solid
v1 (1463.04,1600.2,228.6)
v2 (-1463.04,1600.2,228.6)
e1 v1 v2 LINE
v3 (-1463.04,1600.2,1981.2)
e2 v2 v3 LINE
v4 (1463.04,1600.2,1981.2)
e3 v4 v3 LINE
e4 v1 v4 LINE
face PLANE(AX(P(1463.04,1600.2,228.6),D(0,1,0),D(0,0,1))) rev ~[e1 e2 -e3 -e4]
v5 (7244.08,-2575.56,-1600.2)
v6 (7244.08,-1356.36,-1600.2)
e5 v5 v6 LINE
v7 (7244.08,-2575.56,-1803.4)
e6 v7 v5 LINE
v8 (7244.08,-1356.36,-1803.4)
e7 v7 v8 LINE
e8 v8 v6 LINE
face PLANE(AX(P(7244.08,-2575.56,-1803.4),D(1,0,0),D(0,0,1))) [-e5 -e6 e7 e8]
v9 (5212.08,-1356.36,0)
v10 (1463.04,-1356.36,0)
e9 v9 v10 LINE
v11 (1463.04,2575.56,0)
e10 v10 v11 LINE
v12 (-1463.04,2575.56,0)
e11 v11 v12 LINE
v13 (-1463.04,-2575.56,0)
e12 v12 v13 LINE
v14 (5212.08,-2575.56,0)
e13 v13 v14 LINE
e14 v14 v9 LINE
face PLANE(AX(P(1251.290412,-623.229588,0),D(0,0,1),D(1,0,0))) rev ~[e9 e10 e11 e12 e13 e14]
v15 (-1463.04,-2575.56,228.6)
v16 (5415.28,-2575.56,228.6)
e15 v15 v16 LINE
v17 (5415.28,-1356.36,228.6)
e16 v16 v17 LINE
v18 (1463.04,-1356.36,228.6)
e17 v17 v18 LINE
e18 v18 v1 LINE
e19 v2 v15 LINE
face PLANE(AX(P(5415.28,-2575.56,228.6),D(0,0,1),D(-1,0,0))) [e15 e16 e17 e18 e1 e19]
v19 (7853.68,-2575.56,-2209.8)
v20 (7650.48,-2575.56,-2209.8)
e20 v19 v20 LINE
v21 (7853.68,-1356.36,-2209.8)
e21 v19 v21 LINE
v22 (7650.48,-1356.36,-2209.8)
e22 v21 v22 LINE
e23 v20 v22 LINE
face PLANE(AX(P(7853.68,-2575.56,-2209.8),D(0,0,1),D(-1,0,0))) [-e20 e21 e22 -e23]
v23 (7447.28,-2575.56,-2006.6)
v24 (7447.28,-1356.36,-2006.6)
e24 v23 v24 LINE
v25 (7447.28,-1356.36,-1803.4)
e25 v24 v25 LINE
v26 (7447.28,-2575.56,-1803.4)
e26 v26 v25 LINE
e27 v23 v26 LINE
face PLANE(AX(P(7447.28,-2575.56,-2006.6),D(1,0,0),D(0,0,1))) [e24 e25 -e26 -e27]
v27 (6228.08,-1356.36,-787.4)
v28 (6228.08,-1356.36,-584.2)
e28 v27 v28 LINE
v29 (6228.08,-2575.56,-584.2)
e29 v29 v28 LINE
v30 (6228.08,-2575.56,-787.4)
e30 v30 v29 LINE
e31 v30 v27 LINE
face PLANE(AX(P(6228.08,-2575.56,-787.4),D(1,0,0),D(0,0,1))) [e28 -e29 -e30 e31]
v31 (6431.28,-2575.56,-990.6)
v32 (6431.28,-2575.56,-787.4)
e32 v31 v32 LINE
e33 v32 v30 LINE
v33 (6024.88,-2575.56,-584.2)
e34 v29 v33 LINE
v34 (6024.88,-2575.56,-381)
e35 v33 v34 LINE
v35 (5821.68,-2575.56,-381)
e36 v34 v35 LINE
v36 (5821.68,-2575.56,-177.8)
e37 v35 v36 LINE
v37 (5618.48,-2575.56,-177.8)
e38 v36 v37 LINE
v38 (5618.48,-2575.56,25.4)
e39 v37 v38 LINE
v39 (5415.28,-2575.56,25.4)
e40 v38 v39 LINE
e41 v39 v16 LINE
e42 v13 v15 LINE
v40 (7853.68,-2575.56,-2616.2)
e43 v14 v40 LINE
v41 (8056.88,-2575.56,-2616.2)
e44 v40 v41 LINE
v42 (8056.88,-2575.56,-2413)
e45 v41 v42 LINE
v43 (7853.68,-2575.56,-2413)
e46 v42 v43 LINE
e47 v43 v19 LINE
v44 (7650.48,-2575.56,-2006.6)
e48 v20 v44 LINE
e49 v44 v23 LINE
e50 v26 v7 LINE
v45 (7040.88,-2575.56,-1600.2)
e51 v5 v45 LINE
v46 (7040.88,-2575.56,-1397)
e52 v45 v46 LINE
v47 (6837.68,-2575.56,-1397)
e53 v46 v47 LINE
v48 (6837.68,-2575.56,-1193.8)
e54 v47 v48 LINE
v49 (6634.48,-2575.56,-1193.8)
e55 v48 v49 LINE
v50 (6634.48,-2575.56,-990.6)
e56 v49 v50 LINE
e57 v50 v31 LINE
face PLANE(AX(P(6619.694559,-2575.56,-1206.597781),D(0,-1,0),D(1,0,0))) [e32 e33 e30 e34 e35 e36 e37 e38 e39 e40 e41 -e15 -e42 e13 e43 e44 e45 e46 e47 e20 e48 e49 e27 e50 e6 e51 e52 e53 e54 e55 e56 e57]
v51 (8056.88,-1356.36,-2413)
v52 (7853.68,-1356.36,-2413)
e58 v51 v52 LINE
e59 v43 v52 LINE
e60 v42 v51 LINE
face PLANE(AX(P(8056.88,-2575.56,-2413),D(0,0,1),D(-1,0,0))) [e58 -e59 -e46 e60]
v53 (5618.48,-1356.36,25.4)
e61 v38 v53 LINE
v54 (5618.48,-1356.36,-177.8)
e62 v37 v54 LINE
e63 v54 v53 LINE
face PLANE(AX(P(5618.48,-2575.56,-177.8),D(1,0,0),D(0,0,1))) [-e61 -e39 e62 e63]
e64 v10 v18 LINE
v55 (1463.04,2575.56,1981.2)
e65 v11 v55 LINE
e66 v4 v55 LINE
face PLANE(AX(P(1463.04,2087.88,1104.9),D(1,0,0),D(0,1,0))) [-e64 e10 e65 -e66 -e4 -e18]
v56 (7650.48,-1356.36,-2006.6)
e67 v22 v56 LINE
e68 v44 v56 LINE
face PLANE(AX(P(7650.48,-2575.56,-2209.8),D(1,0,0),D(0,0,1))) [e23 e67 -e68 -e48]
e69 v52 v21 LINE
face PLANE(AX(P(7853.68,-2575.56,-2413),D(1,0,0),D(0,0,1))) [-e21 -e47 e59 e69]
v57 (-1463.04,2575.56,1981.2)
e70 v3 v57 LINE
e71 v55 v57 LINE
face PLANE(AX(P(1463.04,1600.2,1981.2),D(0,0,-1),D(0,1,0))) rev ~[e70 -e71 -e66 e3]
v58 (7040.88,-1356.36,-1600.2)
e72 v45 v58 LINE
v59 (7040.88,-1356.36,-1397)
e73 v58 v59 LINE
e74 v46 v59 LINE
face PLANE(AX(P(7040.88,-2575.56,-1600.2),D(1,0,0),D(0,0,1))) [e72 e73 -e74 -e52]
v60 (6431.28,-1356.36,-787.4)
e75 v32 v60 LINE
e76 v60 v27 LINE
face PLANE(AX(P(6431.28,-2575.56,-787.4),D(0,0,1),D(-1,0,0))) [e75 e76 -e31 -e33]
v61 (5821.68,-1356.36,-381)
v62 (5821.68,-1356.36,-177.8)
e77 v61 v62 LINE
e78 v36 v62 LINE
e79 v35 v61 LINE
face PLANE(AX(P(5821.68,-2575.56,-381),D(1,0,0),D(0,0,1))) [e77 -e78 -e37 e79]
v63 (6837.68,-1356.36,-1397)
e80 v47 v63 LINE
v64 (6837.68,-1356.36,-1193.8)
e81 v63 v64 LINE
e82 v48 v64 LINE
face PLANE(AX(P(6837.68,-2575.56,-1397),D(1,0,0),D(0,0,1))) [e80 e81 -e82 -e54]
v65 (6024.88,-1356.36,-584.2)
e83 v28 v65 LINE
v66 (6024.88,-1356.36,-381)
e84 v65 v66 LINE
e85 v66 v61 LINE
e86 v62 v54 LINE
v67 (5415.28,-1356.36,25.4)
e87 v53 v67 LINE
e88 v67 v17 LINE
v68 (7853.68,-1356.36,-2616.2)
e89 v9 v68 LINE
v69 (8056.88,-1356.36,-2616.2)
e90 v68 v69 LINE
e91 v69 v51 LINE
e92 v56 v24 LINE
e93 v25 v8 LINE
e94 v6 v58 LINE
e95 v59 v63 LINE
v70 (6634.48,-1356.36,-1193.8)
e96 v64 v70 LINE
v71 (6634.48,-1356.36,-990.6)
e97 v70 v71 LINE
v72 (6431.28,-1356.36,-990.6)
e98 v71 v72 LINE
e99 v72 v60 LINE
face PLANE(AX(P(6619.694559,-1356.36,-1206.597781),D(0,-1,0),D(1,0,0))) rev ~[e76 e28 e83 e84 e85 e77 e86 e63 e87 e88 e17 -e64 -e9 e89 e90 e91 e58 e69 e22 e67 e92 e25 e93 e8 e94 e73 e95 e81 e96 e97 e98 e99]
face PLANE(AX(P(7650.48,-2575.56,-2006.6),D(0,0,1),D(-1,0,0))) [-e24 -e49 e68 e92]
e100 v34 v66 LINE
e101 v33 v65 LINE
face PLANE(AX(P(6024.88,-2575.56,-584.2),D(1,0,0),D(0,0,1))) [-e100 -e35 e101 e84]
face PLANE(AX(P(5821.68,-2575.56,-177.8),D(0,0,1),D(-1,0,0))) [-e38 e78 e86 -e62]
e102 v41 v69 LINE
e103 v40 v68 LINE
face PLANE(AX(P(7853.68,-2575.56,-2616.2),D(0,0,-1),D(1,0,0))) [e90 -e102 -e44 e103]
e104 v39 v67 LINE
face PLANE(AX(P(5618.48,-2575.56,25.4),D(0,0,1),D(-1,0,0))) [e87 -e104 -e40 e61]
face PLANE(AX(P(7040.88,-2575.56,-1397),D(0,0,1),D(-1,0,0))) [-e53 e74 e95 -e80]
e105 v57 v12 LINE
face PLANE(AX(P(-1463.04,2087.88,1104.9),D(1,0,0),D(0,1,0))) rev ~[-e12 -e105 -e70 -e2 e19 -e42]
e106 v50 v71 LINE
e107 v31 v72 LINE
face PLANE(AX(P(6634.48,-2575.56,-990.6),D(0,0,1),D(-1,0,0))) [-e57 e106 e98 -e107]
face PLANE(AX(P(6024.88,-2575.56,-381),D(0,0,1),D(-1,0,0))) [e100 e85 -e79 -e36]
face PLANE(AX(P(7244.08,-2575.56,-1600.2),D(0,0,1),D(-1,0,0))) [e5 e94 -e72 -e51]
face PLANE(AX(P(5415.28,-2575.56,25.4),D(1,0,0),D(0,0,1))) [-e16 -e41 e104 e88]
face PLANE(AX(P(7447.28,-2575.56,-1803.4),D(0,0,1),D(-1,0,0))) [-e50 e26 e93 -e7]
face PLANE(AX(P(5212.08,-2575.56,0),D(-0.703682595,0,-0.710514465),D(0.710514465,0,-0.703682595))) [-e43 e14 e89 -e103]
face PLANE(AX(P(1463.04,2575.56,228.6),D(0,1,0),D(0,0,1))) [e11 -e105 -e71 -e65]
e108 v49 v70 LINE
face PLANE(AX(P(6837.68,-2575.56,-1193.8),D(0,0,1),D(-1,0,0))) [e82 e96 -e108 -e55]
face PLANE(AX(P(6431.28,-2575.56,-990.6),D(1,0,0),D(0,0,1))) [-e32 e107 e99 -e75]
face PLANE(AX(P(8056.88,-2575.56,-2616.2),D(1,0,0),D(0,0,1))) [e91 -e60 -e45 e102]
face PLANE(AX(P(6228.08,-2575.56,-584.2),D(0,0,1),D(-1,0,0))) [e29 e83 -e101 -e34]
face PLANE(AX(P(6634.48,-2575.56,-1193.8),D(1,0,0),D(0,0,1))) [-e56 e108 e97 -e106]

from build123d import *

# Parameters (mm, degrees)
F1_DEPTH = 228.6
F3_DEPTH = 1219.2
F4_W     = 975.36
F4_H     = 1752.6
F5_DEPTH = 2926.08


with BuildPart() as f1:
    # F0 (on Top) → F1 (new body)
    with BuildSketch(Plane.XY):
        Polygon((-1463.04, -2575.56), (1463.04, -2575.56), (5212.08, -2575.56), (5212.08, -1356.36), (1463.04, -1356.36), (1463.04, 2575.56), (-1463.04, 2575.56), align=None)
    extrude(amount=F1_DEPTH)

    # F2 (on face) → F3 (join, through all)
    with BuildSketch(Plane.XZ.offset(2575.56)):
        Polygon((5415.28, 228.6), (5212.08, 228.6), (5212.08, 0), (7853.68, -2616.2), (8056.88, -2616.2), (8056.88, -2413), (7853.68, -2413), (7853.68, -2209.8), (7650.48, -2209.8), (7650.48, -2006.6), (7447.28, -2006.6), (7447.28, -1803.4), (7244.08, -1803.4), (7244.08, -1600.2), (7040.88, -1600.2), (7040.88, -1397), (6837.68, -1397), (6837.68, -1193.8), (6634.48, -1193.8), (6634.48, -990.6), (6431.28, -990.6), (6431.28, -787.4), (6228.08, -787.4), (6228.08, -584.2), (6024.88, -584.2), (6024.88, -381), (5821.68, -381), (5821.68, -177.8), (5618.48, -177.8), (5618.48, 25.4), (5415.28, 25.4), align=None)
    extrude(amount=-F3_DEPTH)

    # F4 (on face) → F5 (join, through all)
    with BuildSketch(Plane.YZ.offset(1463.04)):
        with Locations((2087.88, 1104.9)):
            Rectangle(F4_W, F4_H)
    extrude(amount=-F5_DEPTH)


solid = f1.part
